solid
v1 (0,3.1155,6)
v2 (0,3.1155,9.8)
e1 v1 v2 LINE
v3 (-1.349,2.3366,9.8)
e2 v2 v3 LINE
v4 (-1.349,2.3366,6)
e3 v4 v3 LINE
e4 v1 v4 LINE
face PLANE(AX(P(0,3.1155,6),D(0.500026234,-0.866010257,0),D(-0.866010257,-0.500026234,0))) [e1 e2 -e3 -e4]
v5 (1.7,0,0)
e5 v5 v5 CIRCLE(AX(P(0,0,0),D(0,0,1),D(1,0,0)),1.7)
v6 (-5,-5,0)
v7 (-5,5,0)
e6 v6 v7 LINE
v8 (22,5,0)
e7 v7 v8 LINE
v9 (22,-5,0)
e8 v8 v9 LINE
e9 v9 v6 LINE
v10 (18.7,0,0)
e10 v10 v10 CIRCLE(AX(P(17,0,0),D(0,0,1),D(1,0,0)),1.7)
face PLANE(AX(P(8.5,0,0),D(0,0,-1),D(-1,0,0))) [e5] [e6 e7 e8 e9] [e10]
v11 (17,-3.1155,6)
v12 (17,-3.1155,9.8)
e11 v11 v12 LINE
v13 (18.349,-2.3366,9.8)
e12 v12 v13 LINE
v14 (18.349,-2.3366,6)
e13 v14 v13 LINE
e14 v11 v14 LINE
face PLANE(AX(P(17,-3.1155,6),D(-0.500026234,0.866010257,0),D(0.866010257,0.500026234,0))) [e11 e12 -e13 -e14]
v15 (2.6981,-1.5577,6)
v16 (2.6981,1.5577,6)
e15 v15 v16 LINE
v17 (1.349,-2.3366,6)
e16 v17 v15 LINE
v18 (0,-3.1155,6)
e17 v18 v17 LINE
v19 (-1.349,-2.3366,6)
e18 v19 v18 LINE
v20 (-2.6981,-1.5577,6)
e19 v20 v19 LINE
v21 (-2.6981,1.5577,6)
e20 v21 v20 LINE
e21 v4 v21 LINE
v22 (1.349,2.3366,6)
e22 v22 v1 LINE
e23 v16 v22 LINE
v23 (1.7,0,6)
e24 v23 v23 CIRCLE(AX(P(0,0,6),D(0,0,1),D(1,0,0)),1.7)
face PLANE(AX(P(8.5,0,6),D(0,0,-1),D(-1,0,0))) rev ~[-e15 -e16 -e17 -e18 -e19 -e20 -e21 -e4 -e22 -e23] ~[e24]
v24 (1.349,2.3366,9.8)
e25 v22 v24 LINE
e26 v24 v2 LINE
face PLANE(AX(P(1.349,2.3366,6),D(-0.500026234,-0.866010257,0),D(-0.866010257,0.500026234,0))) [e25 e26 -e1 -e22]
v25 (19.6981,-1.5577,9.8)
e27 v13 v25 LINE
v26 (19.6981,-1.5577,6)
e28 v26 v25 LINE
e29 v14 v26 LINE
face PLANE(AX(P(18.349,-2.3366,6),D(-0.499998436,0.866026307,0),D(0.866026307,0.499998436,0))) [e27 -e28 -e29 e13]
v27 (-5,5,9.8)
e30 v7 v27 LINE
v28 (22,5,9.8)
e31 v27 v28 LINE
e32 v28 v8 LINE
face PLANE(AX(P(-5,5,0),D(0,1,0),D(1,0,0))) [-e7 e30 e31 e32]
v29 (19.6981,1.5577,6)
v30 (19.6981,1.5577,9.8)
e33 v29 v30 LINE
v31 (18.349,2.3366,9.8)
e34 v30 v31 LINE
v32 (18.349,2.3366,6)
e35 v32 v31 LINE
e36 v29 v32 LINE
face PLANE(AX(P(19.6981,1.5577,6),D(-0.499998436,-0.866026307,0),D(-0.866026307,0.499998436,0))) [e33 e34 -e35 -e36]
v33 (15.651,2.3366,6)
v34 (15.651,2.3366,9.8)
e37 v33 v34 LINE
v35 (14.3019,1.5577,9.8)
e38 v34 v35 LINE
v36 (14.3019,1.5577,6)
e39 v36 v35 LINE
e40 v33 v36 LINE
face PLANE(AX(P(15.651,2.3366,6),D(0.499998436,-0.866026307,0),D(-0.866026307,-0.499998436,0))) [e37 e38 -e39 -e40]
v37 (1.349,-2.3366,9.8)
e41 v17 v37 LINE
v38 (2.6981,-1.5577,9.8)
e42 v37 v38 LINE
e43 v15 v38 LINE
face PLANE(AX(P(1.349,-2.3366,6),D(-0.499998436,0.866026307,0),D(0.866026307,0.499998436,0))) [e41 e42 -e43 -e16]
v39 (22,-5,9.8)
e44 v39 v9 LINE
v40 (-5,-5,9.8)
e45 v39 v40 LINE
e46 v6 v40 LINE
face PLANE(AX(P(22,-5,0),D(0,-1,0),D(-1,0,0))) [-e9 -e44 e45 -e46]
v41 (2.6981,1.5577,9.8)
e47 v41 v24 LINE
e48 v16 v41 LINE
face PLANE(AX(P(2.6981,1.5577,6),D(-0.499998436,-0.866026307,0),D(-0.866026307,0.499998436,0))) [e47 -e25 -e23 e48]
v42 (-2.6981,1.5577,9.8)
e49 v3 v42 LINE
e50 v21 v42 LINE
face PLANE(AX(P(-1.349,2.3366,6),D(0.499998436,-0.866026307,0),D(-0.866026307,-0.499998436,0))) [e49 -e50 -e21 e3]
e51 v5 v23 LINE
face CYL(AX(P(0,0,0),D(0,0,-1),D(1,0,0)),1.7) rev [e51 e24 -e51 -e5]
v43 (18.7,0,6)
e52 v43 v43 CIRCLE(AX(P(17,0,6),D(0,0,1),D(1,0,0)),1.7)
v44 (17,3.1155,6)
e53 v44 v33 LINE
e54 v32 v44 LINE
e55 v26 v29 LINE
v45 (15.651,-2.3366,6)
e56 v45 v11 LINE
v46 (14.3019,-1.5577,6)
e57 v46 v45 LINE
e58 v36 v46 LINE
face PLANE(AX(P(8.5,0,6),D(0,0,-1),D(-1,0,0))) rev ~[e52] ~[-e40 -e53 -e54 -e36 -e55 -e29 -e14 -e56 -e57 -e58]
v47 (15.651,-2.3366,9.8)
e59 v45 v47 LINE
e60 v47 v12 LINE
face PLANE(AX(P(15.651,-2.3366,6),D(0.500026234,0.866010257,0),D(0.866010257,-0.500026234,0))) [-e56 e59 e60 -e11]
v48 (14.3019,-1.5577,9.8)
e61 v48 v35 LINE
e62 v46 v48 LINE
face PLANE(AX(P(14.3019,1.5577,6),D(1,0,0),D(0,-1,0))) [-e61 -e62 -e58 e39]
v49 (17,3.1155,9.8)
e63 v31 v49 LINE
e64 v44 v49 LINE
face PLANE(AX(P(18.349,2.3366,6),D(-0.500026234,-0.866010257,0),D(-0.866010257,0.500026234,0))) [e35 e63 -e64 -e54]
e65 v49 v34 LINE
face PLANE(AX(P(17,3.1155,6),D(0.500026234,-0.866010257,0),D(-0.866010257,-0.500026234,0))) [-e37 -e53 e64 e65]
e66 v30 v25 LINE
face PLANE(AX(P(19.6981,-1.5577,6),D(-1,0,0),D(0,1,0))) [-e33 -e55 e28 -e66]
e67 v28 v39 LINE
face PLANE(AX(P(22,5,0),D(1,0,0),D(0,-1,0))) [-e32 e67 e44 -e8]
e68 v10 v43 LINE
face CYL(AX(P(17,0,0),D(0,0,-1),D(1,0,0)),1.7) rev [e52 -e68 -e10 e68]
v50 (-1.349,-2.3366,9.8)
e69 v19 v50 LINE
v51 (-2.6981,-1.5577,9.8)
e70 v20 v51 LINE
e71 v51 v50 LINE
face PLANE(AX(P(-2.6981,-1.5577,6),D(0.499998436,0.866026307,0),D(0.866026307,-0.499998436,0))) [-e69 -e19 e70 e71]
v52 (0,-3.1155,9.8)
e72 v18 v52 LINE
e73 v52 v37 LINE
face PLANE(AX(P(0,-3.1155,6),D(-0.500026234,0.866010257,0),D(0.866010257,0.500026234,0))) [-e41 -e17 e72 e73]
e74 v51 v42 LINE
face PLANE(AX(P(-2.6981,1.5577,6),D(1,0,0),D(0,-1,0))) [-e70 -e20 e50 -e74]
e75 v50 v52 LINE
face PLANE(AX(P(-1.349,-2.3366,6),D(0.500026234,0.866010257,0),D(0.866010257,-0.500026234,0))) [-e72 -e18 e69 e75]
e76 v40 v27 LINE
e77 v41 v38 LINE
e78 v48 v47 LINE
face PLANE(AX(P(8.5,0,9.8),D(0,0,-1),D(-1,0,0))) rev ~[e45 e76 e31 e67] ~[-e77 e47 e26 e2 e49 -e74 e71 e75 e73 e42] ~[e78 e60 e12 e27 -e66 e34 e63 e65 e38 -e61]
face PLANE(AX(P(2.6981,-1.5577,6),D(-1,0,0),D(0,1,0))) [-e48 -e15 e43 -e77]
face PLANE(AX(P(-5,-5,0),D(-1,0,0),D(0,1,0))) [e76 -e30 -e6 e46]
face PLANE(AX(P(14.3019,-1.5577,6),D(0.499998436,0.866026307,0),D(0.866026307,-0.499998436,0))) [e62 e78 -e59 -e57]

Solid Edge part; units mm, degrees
sketch "Sketch1" plane through (0, 0, 0) normal (0, 0, 1) x (1, 0, 0)
  circle A0 centre (17, 0) radius 1.7
  line L0 (-5, 5) -> (22, 5)
  line L1 (22, 5) -> (22, -5)
  line L2 (22, -5) -> (-5, -5)
  line L3 (-5, -5) -> (-5, 5)
  circle A1 centre (0, 0) radius 1.7
  dimension "D1" = 17
  dimension "D2" = 10
  dimension "D3" = 3.4
  dimension "D4" = 3.4
extrude "Protrusion1" add sketch "Sketch1" along normal blind 6
sketch "Sketch2" plane through (6.5, 0, 6) normal (0, 0, 1) x (0, -1, 0)
  line L0 (-1.5577, 13.1981) -> (-2.3366, 11.849)
  line L1 (-2.3366, 11.849) -> (-3.1155, 10.5)
  line L2 (-3.1155, 10.5) -> (-2.3366, 9.151)
  line L3 (-2.3366, 9.151) -> (-1.5577, 7.8019)
  line L4 (-1.5577, 7.8019) -> (0, 7.8019)
  line L5 (0, 7.8019) -> (1.5577, 7.8019)
  line L6 (1.5577, 7.8019) -> (2.3366, 9.151)
  line L7 (2.3366, 9.151) -> (3.1155, 10.5)
  line L8 (3.1155, 10.5) -> (2.3366, 11.849)
  line L9 (2.3366, 11.849) -> (1.5577, 13.1981)
  line L10 (1.5577, 13.1981) -> (0, 13.1981)
  line L11 (0, 13.1981) -> (-1.5577, 13.1981)
  line L12 (5, -11.5) -> (-5, -11.5)
  line L13 (-5, -11.5) -> (-5, 15.5)
  line L14 (-5, 15.5) -> (5, 15.5)
  line L15 (5, 15.5) -> (5, -11.5)
  line L16 (-1.5577, -3.8019) -> (-2.3366, -5.151)
  line L17 (-2.3366, -5.151) -> (-3.1155, -6.5)
  line L18 (-3.1155, -6.5) -> (-2.3366, -7.849)
  line L19 (-2.3366, -7.849) -> (-1.5577, -9.1981)
  line L20 (-1.5577, -9.1981) -> (0, -9.1981)
  line L21 (0, -9.1981) -> (1.5577, -9.1981)
  line L22 (1.5577, -9.1981) -> (2.3366, -7.849)
  line L23 (2.3366, -7.849) -> (3.1155, -6.5)
  line L24 (3.1155, -6.5) -> (2.3366, -5.151)
  line L25 (2.3366, -5.151) -> (1.5577, -3.8019)
  line L26 (1.5577, -3.8019) -> (0, -3.8019)
  line L27 (0, -3.8019) -> (-1.5577, -3.8019)
  dimension "D1" = 0.1
  dimension "D2" = 0.1
extrude "Protrusion2" add sketch "Sketch2" along normal up to vertex (3.8 mm away)
properties material "ABS Plastic, medium impact"
